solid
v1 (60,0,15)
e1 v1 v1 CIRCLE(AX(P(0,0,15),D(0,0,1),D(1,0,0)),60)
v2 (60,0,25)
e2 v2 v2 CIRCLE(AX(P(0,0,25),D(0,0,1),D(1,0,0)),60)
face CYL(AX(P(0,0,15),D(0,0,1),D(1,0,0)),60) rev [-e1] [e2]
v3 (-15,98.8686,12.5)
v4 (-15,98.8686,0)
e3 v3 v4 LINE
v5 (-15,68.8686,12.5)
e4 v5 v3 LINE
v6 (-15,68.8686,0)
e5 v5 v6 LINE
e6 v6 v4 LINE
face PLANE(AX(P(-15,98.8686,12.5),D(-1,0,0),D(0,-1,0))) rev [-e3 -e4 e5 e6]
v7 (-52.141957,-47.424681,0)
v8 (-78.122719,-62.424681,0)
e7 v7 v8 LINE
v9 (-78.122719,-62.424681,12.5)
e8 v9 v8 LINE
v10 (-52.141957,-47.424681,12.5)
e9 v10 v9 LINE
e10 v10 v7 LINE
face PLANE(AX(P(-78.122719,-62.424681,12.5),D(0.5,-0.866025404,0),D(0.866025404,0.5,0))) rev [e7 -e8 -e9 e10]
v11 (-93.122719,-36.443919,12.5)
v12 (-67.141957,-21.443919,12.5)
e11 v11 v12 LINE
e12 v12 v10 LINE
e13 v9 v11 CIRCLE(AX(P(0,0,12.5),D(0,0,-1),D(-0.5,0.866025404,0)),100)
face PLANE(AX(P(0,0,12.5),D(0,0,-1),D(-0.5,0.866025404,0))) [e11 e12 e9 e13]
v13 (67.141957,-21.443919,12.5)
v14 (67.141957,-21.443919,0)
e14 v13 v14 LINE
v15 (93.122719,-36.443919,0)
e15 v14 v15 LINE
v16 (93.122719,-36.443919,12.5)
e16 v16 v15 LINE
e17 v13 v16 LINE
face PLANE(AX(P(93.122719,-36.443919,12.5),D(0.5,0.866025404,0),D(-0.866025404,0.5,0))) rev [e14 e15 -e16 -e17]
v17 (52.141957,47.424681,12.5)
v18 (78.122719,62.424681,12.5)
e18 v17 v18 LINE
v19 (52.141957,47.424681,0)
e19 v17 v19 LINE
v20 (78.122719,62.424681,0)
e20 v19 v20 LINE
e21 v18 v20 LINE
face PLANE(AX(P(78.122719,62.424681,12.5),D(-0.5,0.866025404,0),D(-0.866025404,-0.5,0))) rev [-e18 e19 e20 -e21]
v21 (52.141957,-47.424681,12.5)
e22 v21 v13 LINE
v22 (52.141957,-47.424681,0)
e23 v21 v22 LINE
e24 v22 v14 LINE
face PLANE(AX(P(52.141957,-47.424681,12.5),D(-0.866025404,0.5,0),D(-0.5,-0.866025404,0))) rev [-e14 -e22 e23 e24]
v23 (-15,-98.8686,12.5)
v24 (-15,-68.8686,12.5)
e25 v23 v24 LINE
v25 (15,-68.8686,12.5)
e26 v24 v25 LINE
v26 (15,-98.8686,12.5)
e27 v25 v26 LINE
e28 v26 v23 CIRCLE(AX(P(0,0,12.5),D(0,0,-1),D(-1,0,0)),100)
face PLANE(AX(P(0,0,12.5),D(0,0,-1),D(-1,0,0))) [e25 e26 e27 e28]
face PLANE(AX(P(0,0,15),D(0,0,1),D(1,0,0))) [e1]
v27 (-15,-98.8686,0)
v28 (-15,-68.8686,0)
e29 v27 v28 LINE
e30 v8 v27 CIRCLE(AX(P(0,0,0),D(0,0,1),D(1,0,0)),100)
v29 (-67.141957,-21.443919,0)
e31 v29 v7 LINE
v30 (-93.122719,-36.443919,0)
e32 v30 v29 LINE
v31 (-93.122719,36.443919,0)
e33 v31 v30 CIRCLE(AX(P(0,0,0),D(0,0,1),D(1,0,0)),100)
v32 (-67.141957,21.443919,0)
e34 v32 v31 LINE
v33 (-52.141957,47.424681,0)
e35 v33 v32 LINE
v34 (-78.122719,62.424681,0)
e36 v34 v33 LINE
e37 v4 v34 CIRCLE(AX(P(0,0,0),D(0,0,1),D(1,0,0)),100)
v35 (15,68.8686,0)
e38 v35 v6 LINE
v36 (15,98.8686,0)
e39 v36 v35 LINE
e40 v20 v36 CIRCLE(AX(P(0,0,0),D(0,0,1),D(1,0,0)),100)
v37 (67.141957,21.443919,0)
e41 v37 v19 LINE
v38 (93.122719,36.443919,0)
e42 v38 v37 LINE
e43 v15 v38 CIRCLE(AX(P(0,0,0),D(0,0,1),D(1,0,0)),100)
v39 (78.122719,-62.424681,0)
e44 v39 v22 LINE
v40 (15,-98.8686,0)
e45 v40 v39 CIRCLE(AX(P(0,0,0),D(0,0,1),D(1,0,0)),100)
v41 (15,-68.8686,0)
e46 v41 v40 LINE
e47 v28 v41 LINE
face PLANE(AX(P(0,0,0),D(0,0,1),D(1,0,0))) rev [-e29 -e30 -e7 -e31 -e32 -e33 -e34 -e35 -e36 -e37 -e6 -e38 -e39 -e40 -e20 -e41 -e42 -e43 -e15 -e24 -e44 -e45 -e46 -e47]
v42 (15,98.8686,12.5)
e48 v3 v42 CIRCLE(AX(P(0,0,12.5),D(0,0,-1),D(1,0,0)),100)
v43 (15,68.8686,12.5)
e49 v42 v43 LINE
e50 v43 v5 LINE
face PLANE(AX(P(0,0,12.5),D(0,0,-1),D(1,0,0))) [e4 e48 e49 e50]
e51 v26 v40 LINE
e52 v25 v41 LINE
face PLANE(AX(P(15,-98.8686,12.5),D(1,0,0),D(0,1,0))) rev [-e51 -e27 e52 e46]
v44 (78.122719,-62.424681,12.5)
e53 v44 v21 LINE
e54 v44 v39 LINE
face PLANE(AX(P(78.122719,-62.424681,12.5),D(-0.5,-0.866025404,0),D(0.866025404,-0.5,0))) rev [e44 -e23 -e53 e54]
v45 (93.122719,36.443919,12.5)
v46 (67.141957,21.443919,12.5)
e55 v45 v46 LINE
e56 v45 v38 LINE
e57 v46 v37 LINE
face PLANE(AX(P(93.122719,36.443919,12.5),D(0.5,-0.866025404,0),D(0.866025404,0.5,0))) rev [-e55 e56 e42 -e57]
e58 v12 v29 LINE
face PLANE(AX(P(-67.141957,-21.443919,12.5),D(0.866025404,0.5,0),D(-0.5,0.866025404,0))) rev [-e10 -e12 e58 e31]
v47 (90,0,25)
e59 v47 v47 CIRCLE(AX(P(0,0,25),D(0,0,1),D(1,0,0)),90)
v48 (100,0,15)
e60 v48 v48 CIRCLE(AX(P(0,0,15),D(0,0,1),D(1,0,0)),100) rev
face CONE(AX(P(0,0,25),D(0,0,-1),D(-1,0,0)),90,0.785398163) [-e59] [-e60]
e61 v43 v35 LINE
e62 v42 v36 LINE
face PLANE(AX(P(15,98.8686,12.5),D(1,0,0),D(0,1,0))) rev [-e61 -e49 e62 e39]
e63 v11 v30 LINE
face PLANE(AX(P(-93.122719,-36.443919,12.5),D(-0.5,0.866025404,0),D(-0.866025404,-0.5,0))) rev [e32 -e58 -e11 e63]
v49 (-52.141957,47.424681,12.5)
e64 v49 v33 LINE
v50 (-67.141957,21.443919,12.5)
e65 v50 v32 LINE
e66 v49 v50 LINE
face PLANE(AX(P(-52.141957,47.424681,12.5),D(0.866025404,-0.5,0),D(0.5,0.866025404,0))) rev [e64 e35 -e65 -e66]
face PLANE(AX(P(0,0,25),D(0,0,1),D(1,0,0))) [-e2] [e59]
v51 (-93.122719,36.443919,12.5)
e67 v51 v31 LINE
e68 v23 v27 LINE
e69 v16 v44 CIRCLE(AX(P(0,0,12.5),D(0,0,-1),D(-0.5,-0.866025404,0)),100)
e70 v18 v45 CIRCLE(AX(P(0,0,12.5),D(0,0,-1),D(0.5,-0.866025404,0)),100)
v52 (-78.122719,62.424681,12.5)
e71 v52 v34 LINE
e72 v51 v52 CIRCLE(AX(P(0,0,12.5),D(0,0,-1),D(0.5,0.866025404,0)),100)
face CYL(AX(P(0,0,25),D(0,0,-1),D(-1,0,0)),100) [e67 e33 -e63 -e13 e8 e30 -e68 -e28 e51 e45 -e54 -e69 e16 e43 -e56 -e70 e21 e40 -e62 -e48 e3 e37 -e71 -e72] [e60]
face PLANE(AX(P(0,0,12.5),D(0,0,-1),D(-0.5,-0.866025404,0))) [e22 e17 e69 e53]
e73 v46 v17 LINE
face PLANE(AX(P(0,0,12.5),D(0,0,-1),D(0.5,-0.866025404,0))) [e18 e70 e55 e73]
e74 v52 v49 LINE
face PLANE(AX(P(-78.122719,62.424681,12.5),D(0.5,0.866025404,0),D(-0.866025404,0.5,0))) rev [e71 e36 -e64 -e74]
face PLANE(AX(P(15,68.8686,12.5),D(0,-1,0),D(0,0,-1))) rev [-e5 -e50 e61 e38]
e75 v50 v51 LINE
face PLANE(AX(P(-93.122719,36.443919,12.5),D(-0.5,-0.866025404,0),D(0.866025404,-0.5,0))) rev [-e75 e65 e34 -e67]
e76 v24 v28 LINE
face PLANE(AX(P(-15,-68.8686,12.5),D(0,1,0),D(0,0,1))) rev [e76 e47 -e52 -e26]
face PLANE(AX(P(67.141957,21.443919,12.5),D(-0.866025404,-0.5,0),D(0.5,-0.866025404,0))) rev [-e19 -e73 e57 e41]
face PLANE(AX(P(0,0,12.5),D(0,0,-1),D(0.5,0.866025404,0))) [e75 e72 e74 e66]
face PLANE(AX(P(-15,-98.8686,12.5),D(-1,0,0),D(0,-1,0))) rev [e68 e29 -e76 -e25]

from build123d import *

# Parameters (mm, degrees)
SKETCH1_R           = 100
SKETCH1_R_2         = 60
BOSS_EXTRUDE1_DEPTH = 25
CUT_EXTRUDE1_START  = 25
SKETCH1_3_R         = 60
CUT_EXTRUDE1_DEPTH  = 10
CHAMFER1_SIZE       = 10
CUT_EXTRUDE2_DEPTH  = 12.5
CIRPATTERN1_COUNT   = 6


with BuildPart() as part:
    # Sketch1 → Boss-Extrude1 (new body)
    # profile 1 of 2: a face of its own
    with BuildSketch(Plane(origin=(0, 0, 0), x_dir=(0, 1, 0), z_dir=(0, 0, 1))):
        with Locations(Location((0, 0, 0), (0, 0, 270))):
            Circle(SKETCH1_R)
        Circle(SKETCH1_R_2, mode=Mode.SUBTRACT)
    # profile 2 of 2: a face of its own
    with BuildSketch(Plane(origin=(0, 0, 0), x_dir=(0, 1, 0), z_dir=(0, 0, 1))):
        Circle(SKETCH1_R_2)
    extrude(amount=BOSS_EXTRUDE1_DEPTH)

    # Sketch1<3> → Cut-Extrude1 (cut)
    with BuildSketch(Plane(origin=(0, 0, 0), x_dir=(0, 1, 0), z_dir=(0, 0, 1)).offset(CUT_EXTRUDE1_START)):
        with Locations(Location((0, 0, 0), (0, 0, 270))):
            Circle(SKETCH1_3_R)
    extrude(amount=-CUT_EXTRUDE1_DEPTH, mode=Mode.SUBTRACT)

    # Chamfer1
    chamfer1_edges = [part.edges().sort_by_distance(p)[0] for p in [
        (-100, 0, 25),
    ]]
    chamfer(chamfer1_edges, length=CHAMFER1_SIZE)

    # Sketch3 → Cut-Extrude2 (cut)
    with BuildSketch(Plane(origin=(0, 0, 0), x_dir=(1, 0, 0), z_dir=(0, 0, -1))):
        with BuildLine():
            Line((-15, 98.868599666), (-15, 68.868599666))
            Line((-15, 68.868599666), (15, 68.868599666))
            Line((15, 68.868599666), (15, 98.868599666))
            ThreePointArc((15, 98.868599666), (0, 100), (-15, 98.868599666))
        make_face()
    cut_extrude2 = extrude(amount=-CUT_EXTRUDE2_DEPTH, mode=Mode.SUBTRACT)

    # CirPattern1: Cut-Extrude2 ×6 about axis
    cirpattern1_axis = Axis((0, 0, 0), (0, 0, 1))
    for i in range(1, CIRPATTERN1_COUNT):
        add(cut_extrude2.rotate(cirpattern1_axis, i * 360 / CIRPATTERN1_COUNT), mode=Mode.SUBTRACT)


solid = part.part
